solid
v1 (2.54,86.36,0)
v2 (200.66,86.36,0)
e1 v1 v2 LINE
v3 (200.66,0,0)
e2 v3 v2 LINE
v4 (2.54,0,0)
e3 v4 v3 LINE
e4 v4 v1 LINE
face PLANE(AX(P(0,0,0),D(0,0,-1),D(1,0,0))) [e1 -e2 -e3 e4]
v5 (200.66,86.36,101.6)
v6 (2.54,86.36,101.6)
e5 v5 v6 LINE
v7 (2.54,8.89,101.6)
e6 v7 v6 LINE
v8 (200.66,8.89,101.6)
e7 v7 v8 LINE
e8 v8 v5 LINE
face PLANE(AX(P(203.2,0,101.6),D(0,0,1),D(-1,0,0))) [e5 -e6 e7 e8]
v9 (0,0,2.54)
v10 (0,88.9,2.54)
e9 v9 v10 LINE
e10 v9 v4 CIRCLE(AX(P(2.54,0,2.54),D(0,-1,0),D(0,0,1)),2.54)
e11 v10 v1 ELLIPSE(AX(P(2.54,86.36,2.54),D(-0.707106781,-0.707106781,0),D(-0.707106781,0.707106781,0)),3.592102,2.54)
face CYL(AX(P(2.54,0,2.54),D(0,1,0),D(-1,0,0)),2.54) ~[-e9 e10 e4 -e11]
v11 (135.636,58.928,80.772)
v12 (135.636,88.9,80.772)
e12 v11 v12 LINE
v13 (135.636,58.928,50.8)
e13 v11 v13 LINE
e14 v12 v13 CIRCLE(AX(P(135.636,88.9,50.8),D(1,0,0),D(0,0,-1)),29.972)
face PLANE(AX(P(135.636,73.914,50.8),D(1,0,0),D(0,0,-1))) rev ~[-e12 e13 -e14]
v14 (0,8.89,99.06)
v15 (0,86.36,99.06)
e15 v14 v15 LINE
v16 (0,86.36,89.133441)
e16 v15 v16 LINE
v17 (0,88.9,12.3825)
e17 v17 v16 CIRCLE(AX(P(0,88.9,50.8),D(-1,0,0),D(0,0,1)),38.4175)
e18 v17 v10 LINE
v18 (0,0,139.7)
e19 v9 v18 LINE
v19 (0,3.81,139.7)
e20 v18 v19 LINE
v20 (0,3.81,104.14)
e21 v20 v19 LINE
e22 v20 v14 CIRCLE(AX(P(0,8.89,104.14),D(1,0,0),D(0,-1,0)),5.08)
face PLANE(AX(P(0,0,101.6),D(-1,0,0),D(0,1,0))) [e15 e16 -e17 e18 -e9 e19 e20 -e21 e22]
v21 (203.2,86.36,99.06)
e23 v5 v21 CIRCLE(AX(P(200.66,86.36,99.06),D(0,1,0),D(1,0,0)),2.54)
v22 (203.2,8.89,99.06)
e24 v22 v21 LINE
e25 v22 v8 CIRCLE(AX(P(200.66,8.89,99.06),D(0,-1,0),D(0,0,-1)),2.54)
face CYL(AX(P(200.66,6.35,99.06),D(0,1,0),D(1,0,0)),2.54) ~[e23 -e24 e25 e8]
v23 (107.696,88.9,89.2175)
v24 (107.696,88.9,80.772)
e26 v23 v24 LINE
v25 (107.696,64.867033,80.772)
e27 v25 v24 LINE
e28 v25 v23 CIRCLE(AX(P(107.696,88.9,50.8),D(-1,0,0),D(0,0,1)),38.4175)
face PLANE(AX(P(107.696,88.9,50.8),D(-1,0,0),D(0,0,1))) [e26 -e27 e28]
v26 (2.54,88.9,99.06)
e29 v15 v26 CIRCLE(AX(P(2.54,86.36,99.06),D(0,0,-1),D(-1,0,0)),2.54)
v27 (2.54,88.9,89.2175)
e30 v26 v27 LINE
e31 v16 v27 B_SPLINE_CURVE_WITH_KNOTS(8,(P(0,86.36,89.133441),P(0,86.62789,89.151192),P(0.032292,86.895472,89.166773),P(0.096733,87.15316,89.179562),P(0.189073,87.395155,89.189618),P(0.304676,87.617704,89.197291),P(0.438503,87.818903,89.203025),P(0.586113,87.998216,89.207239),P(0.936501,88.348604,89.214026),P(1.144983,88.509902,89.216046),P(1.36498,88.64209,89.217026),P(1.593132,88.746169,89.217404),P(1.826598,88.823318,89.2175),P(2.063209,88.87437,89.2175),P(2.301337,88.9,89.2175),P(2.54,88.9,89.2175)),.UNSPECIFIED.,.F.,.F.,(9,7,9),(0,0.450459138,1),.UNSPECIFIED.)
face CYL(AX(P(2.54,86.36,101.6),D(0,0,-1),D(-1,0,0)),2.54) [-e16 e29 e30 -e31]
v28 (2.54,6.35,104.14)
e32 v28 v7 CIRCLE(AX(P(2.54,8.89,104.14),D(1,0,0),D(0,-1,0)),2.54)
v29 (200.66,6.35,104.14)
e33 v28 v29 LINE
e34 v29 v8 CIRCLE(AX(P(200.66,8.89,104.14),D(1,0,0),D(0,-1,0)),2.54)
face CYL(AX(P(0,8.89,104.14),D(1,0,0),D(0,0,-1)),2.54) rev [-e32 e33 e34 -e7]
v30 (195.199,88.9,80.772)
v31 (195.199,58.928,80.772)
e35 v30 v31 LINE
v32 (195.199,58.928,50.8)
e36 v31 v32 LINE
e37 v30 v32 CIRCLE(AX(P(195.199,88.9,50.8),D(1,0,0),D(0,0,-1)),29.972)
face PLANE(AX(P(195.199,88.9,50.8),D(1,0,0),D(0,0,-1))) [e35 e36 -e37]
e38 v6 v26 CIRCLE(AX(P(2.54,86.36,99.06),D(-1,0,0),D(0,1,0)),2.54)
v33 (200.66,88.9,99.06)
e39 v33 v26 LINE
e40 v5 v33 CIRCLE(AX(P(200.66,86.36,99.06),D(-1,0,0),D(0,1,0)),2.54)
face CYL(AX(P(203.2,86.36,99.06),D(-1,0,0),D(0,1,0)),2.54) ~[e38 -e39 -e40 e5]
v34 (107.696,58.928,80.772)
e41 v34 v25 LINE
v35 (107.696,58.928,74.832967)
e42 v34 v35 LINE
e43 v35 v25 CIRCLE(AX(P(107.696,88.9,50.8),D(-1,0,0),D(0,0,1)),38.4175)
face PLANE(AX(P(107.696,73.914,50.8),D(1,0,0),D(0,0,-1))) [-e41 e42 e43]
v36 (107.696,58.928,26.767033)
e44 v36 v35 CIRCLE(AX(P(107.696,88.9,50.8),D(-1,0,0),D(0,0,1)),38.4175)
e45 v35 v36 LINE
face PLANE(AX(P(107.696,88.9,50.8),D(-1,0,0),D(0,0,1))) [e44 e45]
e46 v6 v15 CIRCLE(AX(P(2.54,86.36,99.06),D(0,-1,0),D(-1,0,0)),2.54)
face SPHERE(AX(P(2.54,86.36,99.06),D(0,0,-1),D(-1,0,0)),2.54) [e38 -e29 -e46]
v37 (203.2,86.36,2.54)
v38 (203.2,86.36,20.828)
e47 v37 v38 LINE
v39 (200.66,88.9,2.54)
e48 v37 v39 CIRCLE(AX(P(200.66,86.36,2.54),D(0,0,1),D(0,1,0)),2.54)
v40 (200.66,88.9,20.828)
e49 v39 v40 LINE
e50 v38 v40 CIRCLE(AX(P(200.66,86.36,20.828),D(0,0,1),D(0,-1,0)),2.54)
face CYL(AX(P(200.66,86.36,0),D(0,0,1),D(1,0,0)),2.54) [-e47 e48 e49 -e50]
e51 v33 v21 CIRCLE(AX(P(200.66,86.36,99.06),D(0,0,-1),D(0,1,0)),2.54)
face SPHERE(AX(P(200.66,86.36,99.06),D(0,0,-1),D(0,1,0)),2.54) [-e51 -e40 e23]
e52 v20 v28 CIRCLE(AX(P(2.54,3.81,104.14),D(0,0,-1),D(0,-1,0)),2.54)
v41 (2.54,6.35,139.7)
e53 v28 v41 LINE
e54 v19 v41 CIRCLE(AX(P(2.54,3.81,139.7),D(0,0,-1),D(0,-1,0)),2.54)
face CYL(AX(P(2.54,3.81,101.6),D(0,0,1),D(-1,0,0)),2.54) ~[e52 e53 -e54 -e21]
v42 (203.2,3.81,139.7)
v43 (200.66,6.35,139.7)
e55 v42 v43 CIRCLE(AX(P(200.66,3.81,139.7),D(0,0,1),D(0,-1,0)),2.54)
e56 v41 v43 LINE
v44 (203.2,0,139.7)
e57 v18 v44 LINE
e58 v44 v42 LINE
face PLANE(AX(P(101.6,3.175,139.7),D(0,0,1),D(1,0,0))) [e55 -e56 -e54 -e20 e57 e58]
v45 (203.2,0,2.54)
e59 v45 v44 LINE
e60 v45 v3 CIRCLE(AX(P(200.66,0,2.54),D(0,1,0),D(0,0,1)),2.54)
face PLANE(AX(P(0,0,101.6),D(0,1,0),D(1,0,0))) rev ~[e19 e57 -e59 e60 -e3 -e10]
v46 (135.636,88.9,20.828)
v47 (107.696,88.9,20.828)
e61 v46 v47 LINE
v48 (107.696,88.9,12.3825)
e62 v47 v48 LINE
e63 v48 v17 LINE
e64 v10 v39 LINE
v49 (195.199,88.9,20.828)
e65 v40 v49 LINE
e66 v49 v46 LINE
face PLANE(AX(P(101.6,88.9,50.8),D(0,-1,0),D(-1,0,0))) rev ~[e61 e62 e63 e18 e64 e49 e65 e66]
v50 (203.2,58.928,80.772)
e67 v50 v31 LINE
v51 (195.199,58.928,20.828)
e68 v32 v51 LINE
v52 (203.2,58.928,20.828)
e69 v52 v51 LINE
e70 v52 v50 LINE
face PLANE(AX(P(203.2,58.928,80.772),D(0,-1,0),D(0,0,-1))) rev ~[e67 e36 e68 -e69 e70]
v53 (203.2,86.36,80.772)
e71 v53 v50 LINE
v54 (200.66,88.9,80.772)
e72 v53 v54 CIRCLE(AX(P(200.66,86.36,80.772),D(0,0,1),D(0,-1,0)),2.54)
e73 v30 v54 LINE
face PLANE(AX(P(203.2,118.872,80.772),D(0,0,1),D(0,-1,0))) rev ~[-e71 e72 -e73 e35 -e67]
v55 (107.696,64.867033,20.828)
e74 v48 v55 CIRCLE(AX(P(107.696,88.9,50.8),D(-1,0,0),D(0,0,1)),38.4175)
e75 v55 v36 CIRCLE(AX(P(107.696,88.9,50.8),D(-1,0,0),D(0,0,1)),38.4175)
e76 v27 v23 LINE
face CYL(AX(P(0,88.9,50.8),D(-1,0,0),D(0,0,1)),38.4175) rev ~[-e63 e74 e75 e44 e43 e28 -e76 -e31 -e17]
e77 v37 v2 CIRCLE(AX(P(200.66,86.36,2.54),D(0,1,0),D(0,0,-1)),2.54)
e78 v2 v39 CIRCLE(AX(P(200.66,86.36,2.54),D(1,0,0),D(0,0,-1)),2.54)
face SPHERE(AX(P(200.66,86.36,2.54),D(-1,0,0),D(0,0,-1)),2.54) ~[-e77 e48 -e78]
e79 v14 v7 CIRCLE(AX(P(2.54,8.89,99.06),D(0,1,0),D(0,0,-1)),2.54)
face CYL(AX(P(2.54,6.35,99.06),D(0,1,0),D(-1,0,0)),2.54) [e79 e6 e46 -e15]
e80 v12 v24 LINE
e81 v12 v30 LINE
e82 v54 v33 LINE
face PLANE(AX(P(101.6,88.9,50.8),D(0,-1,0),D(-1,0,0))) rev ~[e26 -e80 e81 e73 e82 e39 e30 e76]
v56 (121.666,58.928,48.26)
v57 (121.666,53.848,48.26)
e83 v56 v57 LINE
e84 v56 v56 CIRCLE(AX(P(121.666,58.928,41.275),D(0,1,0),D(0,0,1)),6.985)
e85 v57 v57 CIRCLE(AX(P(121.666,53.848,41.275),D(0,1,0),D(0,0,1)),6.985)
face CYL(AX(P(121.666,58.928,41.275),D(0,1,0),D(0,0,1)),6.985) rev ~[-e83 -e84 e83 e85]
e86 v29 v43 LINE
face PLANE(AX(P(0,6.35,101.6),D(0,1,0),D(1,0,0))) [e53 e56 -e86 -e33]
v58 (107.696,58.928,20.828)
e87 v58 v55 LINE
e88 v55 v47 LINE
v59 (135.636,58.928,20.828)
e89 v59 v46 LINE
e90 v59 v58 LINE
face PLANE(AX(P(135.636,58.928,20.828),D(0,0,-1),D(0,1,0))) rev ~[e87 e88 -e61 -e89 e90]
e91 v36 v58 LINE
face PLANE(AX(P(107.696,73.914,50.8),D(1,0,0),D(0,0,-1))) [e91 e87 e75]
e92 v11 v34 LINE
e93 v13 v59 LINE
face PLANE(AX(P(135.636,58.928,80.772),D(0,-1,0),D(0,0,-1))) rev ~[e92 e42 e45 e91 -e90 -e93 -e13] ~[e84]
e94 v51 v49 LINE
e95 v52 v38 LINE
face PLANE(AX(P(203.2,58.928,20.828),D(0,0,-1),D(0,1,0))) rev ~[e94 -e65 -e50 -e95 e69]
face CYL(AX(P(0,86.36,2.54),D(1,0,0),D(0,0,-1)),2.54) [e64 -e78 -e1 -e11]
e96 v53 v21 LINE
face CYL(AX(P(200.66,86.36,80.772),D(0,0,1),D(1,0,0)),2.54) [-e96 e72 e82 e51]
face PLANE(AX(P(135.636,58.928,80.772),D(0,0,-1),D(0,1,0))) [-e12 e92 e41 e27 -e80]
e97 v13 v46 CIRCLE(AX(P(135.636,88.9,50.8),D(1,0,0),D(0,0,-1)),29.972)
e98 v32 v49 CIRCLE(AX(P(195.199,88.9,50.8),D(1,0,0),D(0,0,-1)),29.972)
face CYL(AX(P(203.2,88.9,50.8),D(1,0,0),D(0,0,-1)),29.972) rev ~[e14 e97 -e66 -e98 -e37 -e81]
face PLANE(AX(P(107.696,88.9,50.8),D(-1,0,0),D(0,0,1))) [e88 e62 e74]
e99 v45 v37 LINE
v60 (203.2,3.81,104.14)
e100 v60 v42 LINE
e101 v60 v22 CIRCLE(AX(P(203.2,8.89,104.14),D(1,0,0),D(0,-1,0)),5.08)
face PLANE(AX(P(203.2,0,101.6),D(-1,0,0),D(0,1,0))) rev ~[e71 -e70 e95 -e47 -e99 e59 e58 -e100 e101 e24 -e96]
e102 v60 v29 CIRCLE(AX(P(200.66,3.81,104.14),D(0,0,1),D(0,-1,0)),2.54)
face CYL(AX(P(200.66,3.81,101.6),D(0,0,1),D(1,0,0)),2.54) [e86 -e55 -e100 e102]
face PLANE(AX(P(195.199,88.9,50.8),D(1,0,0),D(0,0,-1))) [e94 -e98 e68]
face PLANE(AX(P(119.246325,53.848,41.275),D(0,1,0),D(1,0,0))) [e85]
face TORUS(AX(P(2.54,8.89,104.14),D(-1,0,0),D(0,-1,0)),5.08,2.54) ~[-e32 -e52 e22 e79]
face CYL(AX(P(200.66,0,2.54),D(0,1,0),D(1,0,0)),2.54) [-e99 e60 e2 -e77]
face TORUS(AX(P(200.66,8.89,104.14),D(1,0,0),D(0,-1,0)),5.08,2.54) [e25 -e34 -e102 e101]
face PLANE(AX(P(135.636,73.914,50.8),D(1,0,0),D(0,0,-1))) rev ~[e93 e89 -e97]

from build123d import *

# Parameters (mm, degrees)
BOSS_EXTRUDE1_DEPTH = 88.89999999999999
SKETCH2_R           = 29.97200000000001
CUT_EXTRUDE1_DEPTH  = 203.2
CUT_EXTRUDE2_DEPTH  = 8.001
SKETCH4_W           = 59.943999999999946
SKETCH4_H           = 29.972
CUT_EXTRUDE3_DEPTH  = 27.94
SKETCH5_R           = 38.417500000000004
CUT_EXTRUDE4_DEPTH  = 107.696
CUT_EXTRUDE5_DEPTH  = 5.08
SKETCH7_W           = 203.19999999999996
SKETCH7_H           = 6.349999999999999
BOSS_EXTRUDE2_DEPTH = 38.1
FILLET1_R           = 2.54


with BuildPart() as part:
    # Sketch1 → Boss-Extrude1 (new body)
    with BuildSketch(Plane(origin=(0, 0, 0), x_dir=(1, 0, 0), z_dir=(0, 1, 0))):
        Polygon((0, 0), (203.2, 0), (203.2, -101.6), (1.244e-14, -101.6), align=None)
    extrude(amount=BOSS_EXTRUDE1_DEPTH)

    # Sketch2 → Cut-Extrude1 (cut)
    with BuildSketch(Plane(origin=(203.2, 0, 0), x_dir=(-2.2e-16, 0, -1), z_dir=(1, 0, -2.2e-16))):
        with Locations((-50.8, 88.89999999999999)):
            Circle(SKETCH2_R)
    extrude(amount=-CUT_EXTRUDE1_DEPTH, mode=Mode.SUBTRACT)

    # Sketch3 → Cut-Extrude2 (cut)
    with BuildSketch(Plane(origin=(203.2, 0, 0), x_dir=(-2.2e-16, 0, -1), z_dir=(1, 0, -2.2e-16))):
        Polygon((-20.82800000000002, 118.87199999999997), (-80.77199999999996, 118.87199999999996), (-80.77199999999996, 58.928000000000004), (-20.828000000000007, 58.928000000000004), align=None)
    extrude(amount=-CUT_EXTRUDE2_DEPTH, mode=Mode.SUBTRACT)

    # Sketch4 → Cut-Extrude3 (cut)
    with BuildSketch(Plane(origin=(135.636, 0, 0), x_dir=(-2.2e-16, 0, -1), z_dir=(1, 0, -2.2e-16))):
        with Locations((-50.800000000000004, 73.914)):
            Rectangle(SKETCH4_W, SKETCH4_H)
    extrude(amount=-CUT_EXTRUDE3_DEPTH, mode=Mode.SUBTRACT)

    # Sketch5 → Cut-Extrude4 (cut)
    with BuildSketch(Plane.ZY):
        with Locations((50.8, 88.89999999999999)):
            Circle(SKETCH5_R)
    extrude(amount=-CUT_EXTRUDE4_DEPTH, mode=Mode.SUBTRACT)

    # Sketch6 → Cut-Extrude5 (cut)
    with BuildSketch(Plane(origin=(0, 58.928000000000004, 0), x_dir=(1, 0, 0), z_dir=(0, 1, 0))):
        with BuildLine():
            ThreePointArc((121.66599999999983, -34.29000000000002), (114.68100000000004, -41.275000000000006), (121.66599999999983, -48.25999999999999))
            Line((121.66600000000003, -48.25999999999999), (121.66600000000003, -34.29000000000002))
        make_face()
        with BuildLine():
            Line((121.66600000000003, -34.29000000000002), (121.66600000000003, -48.25999999999999))
            ThreePointArc((121.66599999999983, -48.25999999999999), (126.60514086658797, -46.214140866588096), (128.651, -41.275000000000006))
            ThreePointArc((128.651, -41.275000000000006), (126.60514086658797, -36.335859133411915), (121.66599999999983, -34.29000000000002))
        make_face()
    extrude(amount=-CUT_EXTRUDE5_DEPTH, mode=Mode.SUBTRACT)

    # Sketch7 → Boss-Extrude2 (add)
    with BuildSketch(Plane.XY.offset(101.6)):
        with Locations((101.59999999999998, 3.1749999999999994)):
            Rectangle(SKETCH7_W, SKETCH7_H)
    extrude(amount=BOSS_EXTRUDE2_DEPTH)

    # Fillet1
    fillet1_edges = [part.edges().sort_by_distance(p)[0] for p in [
        (101.6, 6.35, 101.6),
        (0, 6.35, 120.64999999999999),
        (203.2, 6.35, 120.64999999999999),
        (0, 44.449999999999996, 0),
        (1.168e-14, 88.89999999999999, 95.40875),
        (1.244e-14, 47.625, 101.6),
        (101.6, 88.89999999999999, 0),
        (203.2, 44.449999999999996, 0),
        (203.2, 88.89999999999999, 10.413999999999994),
        (203.2, 88.89999999999999, 91.186),
        (101.6, 88.89999999999999, 101.6),
        (203.2, 47.625, 101.6),
    ]]
    fillet(fillet1_edges, radius=FILLET1_R)


solid = part.part
